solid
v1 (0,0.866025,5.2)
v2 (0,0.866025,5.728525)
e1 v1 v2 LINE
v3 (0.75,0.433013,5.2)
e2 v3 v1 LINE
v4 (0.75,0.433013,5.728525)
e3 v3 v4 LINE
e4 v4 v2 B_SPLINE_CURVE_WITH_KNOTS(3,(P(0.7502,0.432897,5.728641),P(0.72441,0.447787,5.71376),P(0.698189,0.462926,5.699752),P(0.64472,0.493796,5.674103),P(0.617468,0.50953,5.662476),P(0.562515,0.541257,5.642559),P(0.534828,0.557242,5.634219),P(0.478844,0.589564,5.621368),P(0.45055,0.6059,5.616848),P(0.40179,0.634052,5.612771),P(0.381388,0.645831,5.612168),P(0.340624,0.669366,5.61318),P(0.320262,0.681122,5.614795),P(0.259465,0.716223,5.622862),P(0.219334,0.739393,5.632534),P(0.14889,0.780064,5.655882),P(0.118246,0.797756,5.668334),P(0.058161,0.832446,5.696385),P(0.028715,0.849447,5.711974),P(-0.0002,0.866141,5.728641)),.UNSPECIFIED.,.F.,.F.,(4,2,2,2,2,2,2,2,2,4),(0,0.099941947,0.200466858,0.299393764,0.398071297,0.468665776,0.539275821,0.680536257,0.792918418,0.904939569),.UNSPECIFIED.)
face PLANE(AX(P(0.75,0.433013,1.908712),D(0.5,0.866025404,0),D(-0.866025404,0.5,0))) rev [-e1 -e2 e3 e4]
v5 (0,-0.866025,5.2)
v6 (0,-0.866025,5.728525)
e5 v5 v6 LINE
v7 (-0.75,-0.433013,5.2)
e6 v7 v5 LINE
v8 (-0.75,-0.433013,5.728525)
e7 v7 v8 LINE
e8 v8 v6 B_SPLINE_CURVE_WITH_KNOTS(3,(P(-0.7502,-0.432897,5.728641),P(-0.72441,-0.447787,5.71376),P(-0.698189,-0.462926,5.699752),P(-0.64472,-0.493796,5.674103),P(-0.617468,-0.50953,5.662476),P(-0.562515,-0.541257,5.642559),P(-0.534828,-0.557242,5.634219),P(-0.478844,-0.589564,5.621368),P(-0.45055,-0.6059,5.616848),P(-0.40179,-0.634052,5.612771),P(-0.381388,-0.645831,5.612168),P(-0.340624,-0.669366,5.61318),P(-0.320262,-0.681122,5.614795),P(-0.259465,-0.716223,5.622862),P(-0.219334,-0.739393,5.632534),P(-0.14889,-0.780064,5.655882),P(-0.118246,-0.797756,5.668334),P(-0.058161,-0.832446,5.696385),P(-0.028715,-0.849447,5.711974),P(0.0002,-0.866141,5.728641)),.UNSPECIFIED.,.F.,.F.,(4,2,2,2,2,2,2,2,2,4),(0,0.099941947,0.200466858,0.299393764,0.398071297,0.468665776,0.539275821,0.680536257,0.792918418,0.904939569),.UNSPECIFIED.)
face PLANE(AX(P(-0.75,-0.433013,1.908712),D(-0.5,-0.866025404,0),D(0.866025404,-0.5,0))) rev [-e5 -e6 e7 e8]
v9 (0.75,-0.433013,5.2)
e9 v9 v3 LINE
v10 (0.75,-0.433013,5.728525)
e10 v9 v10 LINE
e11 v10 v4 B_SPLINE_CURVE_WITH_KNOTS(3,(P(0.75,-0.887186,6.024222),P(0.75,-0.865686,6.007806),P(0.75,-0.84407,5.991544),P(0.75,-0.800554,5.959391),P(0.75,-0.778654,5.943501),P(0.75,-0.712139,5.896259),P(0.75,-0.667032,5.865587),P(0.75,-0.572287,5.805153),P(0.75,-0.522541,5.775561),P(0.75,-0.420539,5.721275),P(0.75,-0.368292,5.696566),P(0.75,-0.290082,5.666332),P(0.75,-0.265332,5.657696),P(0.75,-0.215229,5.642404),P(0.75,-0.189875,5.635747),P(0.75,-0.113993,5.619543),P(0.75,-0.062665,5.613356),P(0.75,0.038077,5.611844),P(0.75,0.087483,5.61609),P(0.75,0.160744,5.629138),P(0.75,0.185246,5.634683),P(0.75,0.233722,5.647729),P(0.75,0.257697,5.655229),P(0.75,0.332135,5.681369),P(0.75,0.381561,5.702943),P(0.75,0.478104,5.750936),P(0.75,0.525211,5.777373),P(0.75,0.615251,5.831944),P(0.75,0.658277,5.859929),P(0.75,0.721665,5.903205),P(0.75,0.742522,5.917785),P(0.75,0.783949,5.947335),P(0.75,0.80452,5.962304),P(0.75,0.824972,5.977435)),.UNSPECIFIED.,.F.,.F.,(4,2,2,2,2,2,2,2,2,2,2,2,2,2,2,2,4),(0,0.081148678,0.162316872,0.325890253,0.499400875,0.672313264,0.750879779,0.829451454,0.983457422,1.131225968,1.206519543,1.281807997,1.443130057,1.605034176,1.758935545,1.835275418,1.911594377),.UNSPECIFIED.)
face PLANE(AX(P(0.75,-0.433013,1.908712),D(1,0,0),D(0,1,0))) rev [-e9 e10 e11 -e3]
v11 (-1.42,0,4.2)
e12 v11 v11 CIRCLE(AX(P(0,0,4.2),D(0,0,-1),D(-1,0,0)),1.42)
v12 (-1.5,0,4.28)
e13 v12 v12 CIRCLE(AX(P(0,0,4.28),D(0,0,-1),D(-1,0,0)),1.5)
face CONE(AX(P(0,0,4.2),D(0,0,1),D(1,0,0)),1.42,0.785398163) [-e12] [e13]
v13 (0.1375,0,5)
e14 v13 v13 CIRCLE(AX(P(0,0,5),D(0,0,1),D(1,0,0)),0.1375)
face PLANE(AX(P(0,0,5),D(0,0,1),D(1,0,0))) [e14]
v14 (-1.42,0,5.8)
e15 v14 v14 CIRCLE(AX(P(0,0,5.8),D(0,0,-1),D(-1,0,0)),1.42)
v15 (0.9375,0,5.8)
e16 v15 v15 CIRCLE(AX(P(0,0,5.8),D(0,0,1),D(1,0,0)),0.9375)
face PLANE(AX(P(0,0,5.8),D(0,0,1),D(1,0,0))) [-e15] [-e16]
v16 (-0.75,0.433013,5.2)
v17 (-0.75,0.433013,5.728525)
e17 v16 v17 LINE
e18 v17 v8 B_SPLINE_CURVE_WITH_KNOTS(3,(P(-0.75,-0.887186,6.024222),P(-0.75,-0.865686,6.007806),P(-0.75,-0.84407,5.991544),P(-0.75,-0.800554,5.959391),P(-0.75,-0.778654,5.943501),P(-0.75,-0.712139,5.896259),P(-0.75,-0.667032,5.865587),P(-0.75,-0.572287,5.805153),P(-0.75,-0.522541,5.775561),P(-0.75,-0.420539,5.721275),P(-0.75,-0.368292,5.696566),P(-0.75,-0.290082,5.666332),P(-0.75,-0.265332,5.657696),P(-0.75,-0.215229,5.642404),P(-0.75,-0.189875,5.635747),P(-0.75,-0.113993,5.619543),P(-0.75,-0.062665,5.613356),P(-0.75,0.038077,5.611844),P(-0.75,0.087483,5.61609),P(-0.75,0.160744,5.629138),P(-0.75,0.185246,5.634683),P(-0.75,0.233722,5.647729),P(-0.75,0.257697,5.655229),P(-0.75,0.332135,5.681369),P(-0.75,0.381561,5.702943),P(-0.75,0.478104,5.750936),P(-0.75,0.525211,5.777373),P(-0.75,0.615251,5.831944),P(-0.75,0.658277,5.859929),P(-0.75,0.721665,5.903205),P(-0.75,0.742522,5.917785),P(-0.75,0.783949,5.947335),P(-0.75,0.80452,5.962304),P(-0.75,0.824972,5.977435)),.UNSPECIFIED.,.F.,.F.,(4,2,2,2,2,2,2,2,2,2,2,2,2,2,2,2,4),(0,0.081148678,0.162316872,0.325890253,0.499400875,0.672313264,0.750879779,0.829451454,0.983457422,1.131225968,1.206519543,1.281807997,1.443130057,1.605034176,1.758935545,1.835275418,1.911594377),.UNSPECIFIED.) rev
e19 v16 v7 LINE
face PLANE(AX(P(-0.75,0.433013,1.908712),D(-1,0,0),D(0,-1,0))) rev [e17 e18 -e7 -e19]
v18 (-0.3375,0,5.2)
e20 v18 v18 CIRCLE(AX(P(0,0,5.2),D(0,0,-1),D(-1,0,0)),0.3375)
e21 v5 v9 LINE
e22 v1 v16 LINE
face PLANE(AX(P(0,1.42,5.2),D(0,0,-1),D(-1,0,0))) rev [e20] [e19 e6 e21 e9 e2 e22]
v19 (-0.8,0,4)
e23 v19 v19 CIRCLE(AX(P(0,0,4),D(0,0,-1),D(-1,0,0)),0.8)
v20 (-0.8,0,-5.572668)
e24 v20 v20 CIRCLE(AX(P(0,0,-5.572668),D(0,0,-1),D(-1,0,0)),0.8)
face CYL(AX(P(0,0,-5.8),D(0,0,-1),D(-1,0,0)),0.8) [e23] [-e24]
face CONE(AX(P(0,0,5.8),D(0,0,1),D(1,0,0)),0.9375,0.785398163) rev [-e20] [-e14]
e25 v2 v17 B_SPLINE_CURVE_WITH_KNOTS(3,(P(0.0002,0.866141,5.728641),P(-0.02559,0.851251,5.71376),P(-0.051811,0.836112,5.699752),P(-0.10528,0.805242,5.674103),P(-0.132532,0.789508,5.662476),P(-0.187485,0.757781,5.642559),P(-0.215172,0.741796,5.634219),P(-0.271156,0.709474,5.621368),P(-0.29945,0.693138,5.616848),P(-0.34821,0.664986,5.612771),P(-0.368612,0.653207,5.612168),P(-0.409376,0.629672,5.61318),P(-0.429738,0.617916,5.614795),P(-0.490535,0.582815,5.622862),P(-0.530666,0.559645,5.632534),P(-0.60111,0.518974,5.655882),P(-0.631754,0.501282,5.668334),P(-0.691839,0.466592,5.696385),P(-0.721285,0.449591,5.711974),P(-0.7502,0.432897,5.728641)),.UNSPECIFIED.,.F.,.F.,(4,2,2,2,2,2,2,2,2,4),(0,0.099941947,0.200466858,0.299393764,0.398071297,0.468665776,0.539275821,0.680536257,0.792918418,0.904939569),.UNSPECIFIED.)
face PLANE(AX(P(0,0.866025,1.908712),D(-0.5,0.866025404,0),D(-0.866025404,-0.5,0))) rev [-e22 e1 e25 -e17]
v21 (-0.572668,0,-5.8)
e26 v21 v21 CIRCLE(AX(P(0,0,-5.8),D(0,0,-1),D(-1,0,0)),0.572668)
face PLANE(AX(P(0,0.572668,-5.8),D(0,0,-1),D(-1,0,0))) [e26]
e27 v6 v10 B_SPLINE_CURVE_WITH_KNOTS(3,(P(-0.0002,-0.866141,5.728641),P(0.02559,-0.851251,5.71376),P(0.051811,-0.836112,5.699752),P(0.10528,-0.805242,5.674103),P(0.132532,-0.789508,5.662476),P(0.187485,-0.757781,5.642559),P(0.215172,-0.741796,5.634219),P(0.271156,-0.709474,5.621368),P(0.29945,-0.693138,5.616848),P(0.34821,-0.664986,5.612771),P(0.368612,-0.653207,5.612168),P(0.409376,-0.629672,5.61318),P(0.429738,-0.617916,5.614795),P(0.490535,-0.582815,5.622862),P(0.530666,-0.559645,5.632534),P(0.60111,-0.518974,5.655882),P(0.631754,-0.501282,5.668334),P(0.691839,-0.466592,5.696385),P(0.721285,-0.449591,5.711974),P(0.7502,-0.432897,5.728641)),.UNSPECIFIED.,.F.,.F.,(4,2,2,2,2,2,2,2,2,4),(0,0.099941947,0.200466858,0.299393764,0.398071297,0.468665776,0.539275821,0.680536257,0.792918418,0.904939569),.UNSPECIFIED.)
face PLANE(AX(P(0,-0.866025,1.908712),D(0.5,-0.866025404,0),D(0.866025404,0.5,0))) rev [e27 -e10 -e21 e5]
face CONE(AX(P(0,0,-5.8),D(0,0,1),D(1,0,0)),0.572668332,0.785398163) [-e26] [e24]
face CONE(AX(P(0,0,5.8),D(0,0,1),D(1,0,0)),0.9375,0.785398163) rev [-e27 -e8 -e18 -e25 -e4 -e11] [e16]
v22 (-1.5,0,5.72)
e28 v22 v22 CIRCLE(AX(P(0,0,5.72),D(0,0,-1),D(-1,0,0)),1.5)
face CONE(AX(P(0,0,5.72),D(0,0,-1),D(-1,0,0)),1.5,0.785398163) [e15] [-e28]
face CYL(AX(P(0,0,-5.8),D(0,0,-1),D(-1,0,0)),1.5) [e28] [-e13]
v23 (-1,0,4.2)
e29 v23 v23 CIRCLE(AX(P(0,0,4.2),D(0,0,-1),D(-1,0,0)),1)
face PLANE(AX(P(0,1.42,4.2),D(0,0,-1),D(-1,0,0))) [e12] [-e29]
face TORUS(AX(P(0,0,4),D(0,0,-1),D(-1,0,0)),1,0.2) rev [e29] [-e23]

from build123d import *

# Parameters (mm, degrees)
CUT_EXTRUDE1_DEPTH = 0.6
SKETCH4_R          = 0.9375
CUT_EXTRUDE2_DEPTH = 0.8
CUT_EXTRUDE2_DRAFT = -45


with BuildPart() as part:
    # Sketch2 → Revolve1 (revolve)
    with BuildSketch(Plane(origin=(0, 0, 0), x_dir=(0, 0, -1), z_dir=(1, 0, 0)), mode=Mode.PRIVATE) as revolve1_sk:
        with BuildLine():
            Line((-5.8, 0), (-5.8, 1.42))
            Line((-5.8, 1.42), (-5.72, 1.5))
            Line((-5.72, 1.5), (-4.28, 1.5))
            Line((-4.28, 1.5), (-4.2, 1.42))
            Line((-4.2, 1.42), (-4.2, 1))
            ThreePointArc((-4.2, 1), (-4.141421356, 0.858578644), (-4, 0.8))
            Line((-4, 0.8), (5.572668332, 0.8))
            Line((5.572668332, 0.8), (5.8, 0.572668332))
            Line((5.8, 0.572668332), (5.8, 0))
            Line((5.8, 0), (-5.8, 0))
        make_face()
    revolve(revolve1_sk.sketch.rotate(Axis((0, 0, -5.8), (0, 0, 1)), 90), axis=Axis((0, 0, -5.8), (0, 0, 1)))

    # Sketch3 → Cut-Extrude1 (cut)
    with BuildSketch(Plane.XY.offset(5.8)):
        Polygon((0.75, -0.433012702), (0.75, 0.433012702), (0, 0.866025404), (-0.75, 0.433012702), (-0.75, -0.433012702), (0, -0.866025404), align=None)
    extrude(amount=-CUT_EXTRUDE1_DEPTH, mode=Mode.SUBTRACT)


with BuildPart() as cut_extrude2_tool:
    # Sketch4 → Cut-Extrude2 (with draft: the straight prism first)
    with BuildSketch(Plane.XY.offset(5.8)):
        Circle(SKETCH4_R)
    extrude(amount=-CUT_EXTRUDE2_DEPTH)
    # Cut-Extrude2: the draft: its side faces are tilted about the plane it starts from
    cut_extrude2_sides = [cut_extrude2_tool.faces().sort_by_distance(p)[0] for p in [
        (-0.9375, 0, 5.4),
    ]]
    draft(cut_extrude2_sides, Plane.XY.offset(5.8), CUT_EXTRUDE2_DRAFT)


with BuildPart() as part_1:
    add(part.part)

    # Cut-Extrude2: cut by cut_extrude2_tool
    add(cut_extrude2_tool.part, mode=Mode.SUBTRACT)


solid = part_1.part
